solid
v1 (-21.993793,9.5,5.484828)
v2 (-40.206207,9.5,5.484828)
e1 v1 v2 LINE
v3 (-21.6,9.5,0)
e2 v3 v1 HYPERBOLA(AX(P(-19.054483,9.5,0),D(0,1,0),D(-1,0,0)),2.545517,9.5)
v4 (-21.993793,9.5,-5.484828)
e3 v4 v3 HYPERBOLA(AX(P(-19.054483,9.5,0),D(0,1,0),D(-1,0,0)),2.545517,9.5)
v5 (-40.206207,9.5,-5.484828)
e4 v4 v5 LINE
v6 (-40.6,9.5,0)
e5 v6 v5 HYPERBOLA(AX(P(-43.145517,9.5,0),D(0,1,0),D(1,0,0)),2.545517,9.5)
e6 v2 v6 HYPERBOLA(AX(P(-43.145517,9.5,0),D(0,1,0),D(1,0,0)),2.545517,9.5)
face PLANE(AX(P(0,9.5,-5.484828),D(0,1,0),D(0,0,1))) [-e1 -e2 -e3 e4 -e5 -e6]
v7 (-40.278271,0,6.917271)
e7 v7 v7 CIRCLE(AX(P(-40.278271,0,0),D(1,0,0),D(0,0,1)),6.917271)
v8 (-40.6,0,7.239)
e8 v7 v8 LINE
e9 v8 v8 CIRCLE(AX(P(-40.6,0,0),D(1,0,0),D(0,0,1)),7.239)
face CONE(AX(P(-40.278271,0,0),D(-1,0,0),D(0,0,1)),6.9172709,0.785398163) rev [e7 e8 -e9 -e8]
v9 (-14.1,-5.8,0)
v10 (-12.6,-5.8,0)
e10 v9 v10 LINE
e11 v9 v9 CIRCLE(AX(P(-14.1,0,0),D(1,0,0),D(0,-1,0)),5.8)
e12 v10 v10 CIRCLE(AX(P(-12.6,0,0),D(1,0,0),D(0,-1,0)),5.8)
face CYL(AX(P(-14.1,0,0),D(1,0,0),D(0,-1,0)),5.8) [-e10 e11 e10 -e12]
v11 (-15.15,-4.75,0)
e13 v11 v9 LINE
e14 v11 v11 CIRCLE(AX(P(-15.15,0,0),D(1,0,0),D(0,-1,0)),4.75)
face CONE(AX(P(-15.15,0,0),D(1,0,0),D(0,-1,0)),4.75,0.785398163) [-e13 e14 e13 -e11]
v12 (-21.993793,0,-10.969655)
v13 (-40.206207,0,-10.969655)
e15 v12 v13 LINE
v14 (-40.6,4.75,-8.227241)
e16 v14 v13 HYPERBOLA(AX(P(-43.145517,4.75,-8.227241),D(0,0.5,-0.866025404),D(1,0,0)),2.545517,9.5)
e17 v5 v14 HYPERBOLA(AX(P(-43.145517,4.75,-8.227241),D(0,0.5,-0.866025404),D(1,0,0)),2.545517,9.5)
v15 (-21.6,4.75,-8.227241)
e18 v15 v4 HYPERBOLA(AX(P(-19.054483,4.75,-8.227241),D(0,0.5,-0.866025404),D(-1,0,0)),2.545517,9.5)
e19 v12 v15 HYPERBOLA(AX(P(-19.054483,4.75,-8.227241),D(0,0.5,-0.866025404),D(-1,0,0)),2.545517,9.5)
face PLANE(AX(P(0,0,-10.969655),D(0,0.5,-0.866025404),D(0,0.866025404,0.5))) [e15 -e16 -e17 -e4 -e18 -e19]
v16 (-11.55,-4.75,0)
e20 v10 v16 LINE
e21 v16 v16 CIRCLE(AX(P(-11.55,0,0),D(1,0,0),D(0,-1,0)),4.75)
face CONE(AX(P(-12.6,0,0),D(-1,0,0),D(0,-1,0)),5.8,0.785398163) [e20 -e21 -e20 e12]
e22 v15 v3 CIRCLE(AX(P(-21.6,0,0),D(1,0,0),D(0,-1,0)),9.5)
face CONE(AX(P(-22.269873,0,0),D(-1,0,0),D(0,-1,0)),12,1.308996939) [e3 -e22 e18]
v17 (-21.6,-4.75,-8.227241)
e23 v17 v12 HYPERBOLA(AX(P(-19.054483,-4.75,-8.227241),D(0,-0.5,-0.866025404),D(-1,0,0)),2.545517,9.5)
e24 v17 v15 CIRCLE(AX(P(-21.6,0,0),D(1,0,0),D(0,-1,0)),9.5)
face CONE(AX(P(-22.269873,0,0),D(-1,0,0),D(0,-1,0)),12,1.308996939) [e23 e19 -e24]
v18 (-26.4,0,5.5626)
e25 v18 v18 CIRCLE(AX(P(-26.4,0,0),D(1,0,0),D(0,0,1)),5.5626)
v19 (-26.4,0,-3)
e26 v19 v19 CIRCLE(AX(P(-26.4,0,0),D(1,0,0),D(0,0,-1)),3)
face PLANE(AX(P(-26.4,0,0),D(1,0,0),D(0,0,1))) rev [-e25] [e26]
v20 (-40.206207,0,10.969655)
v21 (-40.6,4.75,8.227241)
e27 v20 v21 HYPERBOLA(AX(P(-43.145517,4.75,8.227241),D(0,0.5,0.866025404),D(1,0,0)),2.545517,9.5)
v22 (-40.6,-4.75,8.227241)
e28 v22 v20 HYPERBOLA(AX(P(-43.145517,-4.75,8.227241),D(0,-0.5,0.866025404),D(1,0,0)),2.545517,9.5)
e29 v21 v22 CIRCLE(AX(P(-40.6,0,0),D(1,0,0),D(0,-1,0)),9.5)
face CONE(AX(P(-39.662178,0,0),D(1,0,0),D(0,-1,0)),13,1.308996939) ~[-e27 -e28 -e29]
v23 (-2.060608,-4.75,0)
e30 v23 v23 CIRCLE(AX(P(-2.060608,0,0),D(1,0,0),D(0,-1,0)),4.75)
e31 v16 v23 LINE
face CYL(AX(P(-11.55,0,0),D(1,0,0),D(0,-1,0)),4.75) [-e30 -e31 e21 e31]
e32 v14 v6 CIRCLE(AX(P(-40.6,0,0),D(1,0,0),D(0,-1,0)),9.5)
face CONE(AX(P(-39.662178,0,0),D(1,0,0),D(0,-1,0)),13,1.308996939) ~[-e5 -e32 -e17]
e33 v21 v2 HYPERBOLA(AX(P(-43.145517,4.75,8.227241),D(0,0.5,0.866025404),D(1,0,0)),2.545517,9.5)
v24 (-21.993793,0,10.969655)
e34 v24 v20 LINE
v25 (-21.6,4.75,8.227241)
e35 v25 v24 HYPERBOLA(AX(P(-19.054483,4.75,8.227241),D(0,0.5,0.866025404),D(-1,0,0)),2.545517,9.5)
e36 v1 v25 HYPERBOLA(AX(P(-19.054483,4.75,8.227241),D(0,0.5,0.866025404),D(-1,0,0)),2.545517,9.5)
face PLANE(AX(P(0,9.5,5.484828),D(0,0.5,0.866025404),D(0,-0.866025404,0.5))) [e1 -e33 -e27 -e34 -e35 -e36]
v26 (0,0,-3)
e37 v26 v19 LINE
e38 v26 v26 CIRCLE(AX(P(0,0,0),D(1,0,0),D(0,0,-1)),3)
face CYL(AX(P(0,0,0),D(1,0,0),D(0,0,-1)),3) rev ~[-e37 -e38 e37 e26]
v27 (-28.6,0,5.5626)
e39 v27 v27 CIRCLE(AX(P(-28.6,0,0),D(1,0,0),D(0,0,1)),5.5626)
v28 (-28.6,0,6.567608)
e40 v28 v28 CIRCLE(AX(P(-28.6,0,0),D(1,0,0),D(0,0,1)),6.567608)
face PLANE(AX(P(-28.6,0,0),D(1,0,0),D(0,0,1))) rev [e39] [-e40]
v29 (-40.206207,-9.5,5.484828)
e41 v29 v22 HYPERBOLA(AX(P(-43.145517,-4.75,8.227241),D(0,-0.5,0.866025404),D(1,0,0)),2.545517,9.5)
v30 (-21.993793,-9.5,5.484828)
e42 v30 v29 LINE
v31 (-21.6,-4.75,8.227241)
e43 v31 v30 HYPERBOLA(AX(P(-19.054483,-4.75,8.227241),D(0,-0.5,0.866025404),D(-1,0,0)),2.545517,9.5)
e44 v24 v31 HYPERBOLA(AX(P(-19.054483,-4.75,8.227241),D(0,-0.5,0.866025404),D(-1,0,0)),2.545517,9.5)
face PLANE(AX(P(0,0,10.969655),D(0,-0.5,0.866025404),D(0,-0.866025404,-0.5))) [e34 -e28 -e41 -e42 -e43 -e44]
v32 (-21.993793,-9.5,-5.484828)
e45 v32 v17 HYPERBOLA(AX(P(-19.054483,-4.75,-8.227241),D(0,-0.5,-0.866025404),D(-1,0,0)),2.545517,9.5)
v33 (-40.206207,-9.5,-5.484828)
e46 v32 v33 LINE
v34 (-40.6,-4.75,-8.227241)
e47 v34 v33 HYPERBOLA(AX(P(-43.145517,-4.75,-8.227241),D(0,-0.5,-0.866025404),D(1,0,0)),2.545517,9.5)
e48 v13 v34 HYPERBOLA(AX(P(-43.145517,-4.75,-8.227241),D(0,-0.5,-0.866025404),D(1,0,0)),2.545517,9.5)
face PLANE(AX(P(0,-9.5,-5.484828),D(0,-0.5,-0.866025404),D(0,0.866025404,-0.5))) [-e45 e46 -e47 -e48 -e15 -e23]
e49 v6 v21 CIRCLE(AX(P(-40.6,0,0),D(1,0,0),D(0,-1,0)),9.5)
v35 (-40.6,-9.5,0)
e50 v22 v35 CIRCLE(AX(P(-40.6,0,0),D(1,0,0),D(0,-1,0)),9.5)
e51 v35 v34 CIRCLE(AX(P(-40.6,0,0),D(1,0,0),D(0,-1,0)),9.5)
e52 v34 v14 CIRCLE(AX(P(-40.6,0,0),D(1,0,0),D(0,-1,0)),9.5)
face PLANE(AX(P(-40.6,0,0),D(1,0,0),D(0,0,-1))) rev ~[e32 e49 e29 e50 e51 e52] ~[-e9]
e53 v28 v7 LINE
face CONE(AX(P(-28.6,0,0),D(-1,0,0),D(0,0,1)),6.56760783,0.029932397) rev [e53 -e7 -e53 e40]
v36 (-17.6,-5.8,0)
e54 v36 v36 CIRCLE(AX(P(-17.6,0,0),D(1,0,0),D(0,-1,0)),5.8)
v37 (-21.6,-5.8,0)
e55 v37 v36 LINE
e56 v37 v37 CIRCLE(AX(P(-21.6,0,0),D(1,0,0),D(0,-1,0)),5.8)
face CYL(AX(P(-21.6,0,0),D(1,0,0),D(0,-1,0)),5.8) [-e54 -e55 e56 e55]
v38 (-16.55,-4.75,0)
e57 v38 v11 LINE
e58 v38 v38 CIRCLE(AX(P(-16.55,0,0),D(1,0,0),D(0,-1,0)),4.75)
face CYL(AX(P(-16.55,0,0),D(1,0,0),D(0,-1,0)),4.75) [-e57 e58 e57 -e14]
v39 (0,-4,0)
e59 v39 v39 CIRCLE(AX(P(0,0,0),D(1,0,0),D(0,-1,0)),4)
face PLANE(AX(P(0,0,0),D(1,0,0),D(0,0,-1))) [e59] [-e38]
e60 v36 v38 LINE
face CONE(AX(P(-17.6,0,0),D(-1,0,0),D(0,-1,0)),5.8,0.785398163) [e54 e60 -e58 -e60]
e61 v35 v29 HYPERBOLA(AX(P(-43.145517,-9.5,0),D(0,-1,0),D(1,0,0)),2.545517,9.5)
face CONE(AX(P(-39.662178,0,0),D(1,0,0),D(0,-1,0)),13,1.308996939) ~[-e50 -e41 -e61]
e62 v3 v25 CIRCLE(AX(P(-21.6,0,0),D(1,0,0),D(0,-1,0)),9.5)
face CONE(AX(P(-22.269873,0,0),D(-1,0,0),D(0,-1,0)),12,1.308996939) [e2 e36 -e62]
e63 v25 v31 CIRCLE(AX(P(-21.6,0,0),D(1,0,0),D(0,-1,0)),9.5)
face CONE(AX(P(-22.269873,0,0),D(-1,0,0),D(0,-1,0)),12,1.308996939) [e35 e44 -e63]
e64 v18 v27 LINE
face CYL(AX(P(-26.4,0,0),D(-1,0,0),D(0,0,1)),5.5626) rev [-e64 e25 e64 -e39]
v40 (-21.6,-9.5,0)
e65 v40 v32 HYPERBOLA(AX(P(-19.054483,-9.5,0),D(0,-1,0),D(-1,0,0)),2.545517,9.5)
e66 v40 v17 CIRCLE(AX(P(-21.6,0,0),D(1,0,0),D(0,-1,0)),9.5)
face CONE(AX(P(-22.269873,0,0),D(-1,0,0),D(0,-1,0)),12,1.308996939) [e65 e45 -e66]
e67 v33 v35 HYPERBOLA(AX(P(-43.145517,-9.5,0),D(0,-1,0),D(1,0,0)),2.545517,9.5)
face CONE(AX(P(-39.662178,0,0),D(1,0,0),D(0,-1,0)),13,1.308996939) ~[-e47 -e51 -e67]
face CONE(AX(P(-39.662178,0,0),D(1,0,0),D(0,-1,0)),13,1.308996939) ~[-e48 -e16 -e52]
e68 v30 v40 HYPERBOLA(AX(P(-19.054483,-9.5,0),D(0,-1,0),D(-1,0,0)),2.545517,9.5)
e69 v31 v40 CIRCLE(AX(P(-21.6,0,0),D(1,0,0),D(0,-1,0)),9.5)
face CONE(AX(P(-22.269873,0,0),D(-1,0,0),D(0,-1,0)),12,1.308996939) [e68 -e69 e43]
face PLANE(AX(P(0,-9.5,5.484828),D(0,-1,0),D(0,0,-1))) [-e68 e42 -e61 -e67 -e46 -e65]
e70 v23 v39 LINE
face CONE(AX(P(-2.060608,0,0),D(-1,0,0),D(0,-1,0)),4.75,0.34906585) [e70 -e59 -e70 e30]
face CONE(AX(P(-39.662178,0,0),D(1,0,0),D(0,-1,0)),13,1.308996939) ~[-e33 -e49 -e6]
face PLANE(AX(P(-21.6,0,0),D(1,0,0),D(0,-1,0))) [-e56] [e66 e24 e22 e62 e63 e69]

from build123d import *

# Parameters (mm, degrees)
SKETCH2_R           = 3
BOSS_EXTRUDE1_DEPTH = 40.6


with BuildPart() as part:
    # Sketch2 → Boss-Extrude1 (new body)
    with BuildSketch(Plane(origin=(0, 0, 0), x_dir=(0, 0, -1), z_dir=(1, 0, 0))):
        Polygon((10.969655115, 0), (5.484827557, 9.5), (-5.484827557, 9.5), (-10.969655115, 0), (-5.484827557, -9.5), (5.484827557, -9.5), align=None)
        Circle(SKETCH2_R, mode=Mode.SUBTRACT)
    extrude(amount=-BOSS_EXTRUDE1_DEPTH)

    # Sketch3 → Cut-Revolve1 (revolve, cut)
    with BuildSketch(Plane.XY, mode=Mode.PRIVATE) as cut_revolve1_sk:
        Polygon((-21.6, 9.5), (-21.6, 5.8), (-17.6, 5.8), (-16.55, 4.75), (-15.15, 4.75), (-14.1, 5.8), (-12.6, 5.8), (-11.55, 4.75), (-2.060608065, 4.75), (0, 4), (0, 12), (-22.269872981, 12), align=None)
        Polygon((-40.6, 9.5), (-40.6, 13), (-39.662177826, 13), align=None)
    revolve(cut_revolve1_sk.sketch.rotate(Axis((-40.6, 0, 0), (1, 0, 0)), 180), axis=Axis((-40.6, 0, 0), (1, 0, 0)), mode=Mode.SUBTRACT)

    # Sketch6 → 1/4 NPT Tapped Hole1 (revolve, cut)
    with BuildSketch(Plane(origin=(-40.6, 0, 0), x_dir=(0, 0, 1), z_dir=(0, 1, 0))):
        Polygon((0, 0), (0, 14.2), (5.5626, 14.2), (5.5626, 12), (6.56760783, 12), (6.9172709, 0.3217291), (7.239, 0), align=None)
    revolve(axis=Axis((-46.95, 0, 0), (1, 0, 0)), mode=Mode.SUBTRACT)


solid = part.part
